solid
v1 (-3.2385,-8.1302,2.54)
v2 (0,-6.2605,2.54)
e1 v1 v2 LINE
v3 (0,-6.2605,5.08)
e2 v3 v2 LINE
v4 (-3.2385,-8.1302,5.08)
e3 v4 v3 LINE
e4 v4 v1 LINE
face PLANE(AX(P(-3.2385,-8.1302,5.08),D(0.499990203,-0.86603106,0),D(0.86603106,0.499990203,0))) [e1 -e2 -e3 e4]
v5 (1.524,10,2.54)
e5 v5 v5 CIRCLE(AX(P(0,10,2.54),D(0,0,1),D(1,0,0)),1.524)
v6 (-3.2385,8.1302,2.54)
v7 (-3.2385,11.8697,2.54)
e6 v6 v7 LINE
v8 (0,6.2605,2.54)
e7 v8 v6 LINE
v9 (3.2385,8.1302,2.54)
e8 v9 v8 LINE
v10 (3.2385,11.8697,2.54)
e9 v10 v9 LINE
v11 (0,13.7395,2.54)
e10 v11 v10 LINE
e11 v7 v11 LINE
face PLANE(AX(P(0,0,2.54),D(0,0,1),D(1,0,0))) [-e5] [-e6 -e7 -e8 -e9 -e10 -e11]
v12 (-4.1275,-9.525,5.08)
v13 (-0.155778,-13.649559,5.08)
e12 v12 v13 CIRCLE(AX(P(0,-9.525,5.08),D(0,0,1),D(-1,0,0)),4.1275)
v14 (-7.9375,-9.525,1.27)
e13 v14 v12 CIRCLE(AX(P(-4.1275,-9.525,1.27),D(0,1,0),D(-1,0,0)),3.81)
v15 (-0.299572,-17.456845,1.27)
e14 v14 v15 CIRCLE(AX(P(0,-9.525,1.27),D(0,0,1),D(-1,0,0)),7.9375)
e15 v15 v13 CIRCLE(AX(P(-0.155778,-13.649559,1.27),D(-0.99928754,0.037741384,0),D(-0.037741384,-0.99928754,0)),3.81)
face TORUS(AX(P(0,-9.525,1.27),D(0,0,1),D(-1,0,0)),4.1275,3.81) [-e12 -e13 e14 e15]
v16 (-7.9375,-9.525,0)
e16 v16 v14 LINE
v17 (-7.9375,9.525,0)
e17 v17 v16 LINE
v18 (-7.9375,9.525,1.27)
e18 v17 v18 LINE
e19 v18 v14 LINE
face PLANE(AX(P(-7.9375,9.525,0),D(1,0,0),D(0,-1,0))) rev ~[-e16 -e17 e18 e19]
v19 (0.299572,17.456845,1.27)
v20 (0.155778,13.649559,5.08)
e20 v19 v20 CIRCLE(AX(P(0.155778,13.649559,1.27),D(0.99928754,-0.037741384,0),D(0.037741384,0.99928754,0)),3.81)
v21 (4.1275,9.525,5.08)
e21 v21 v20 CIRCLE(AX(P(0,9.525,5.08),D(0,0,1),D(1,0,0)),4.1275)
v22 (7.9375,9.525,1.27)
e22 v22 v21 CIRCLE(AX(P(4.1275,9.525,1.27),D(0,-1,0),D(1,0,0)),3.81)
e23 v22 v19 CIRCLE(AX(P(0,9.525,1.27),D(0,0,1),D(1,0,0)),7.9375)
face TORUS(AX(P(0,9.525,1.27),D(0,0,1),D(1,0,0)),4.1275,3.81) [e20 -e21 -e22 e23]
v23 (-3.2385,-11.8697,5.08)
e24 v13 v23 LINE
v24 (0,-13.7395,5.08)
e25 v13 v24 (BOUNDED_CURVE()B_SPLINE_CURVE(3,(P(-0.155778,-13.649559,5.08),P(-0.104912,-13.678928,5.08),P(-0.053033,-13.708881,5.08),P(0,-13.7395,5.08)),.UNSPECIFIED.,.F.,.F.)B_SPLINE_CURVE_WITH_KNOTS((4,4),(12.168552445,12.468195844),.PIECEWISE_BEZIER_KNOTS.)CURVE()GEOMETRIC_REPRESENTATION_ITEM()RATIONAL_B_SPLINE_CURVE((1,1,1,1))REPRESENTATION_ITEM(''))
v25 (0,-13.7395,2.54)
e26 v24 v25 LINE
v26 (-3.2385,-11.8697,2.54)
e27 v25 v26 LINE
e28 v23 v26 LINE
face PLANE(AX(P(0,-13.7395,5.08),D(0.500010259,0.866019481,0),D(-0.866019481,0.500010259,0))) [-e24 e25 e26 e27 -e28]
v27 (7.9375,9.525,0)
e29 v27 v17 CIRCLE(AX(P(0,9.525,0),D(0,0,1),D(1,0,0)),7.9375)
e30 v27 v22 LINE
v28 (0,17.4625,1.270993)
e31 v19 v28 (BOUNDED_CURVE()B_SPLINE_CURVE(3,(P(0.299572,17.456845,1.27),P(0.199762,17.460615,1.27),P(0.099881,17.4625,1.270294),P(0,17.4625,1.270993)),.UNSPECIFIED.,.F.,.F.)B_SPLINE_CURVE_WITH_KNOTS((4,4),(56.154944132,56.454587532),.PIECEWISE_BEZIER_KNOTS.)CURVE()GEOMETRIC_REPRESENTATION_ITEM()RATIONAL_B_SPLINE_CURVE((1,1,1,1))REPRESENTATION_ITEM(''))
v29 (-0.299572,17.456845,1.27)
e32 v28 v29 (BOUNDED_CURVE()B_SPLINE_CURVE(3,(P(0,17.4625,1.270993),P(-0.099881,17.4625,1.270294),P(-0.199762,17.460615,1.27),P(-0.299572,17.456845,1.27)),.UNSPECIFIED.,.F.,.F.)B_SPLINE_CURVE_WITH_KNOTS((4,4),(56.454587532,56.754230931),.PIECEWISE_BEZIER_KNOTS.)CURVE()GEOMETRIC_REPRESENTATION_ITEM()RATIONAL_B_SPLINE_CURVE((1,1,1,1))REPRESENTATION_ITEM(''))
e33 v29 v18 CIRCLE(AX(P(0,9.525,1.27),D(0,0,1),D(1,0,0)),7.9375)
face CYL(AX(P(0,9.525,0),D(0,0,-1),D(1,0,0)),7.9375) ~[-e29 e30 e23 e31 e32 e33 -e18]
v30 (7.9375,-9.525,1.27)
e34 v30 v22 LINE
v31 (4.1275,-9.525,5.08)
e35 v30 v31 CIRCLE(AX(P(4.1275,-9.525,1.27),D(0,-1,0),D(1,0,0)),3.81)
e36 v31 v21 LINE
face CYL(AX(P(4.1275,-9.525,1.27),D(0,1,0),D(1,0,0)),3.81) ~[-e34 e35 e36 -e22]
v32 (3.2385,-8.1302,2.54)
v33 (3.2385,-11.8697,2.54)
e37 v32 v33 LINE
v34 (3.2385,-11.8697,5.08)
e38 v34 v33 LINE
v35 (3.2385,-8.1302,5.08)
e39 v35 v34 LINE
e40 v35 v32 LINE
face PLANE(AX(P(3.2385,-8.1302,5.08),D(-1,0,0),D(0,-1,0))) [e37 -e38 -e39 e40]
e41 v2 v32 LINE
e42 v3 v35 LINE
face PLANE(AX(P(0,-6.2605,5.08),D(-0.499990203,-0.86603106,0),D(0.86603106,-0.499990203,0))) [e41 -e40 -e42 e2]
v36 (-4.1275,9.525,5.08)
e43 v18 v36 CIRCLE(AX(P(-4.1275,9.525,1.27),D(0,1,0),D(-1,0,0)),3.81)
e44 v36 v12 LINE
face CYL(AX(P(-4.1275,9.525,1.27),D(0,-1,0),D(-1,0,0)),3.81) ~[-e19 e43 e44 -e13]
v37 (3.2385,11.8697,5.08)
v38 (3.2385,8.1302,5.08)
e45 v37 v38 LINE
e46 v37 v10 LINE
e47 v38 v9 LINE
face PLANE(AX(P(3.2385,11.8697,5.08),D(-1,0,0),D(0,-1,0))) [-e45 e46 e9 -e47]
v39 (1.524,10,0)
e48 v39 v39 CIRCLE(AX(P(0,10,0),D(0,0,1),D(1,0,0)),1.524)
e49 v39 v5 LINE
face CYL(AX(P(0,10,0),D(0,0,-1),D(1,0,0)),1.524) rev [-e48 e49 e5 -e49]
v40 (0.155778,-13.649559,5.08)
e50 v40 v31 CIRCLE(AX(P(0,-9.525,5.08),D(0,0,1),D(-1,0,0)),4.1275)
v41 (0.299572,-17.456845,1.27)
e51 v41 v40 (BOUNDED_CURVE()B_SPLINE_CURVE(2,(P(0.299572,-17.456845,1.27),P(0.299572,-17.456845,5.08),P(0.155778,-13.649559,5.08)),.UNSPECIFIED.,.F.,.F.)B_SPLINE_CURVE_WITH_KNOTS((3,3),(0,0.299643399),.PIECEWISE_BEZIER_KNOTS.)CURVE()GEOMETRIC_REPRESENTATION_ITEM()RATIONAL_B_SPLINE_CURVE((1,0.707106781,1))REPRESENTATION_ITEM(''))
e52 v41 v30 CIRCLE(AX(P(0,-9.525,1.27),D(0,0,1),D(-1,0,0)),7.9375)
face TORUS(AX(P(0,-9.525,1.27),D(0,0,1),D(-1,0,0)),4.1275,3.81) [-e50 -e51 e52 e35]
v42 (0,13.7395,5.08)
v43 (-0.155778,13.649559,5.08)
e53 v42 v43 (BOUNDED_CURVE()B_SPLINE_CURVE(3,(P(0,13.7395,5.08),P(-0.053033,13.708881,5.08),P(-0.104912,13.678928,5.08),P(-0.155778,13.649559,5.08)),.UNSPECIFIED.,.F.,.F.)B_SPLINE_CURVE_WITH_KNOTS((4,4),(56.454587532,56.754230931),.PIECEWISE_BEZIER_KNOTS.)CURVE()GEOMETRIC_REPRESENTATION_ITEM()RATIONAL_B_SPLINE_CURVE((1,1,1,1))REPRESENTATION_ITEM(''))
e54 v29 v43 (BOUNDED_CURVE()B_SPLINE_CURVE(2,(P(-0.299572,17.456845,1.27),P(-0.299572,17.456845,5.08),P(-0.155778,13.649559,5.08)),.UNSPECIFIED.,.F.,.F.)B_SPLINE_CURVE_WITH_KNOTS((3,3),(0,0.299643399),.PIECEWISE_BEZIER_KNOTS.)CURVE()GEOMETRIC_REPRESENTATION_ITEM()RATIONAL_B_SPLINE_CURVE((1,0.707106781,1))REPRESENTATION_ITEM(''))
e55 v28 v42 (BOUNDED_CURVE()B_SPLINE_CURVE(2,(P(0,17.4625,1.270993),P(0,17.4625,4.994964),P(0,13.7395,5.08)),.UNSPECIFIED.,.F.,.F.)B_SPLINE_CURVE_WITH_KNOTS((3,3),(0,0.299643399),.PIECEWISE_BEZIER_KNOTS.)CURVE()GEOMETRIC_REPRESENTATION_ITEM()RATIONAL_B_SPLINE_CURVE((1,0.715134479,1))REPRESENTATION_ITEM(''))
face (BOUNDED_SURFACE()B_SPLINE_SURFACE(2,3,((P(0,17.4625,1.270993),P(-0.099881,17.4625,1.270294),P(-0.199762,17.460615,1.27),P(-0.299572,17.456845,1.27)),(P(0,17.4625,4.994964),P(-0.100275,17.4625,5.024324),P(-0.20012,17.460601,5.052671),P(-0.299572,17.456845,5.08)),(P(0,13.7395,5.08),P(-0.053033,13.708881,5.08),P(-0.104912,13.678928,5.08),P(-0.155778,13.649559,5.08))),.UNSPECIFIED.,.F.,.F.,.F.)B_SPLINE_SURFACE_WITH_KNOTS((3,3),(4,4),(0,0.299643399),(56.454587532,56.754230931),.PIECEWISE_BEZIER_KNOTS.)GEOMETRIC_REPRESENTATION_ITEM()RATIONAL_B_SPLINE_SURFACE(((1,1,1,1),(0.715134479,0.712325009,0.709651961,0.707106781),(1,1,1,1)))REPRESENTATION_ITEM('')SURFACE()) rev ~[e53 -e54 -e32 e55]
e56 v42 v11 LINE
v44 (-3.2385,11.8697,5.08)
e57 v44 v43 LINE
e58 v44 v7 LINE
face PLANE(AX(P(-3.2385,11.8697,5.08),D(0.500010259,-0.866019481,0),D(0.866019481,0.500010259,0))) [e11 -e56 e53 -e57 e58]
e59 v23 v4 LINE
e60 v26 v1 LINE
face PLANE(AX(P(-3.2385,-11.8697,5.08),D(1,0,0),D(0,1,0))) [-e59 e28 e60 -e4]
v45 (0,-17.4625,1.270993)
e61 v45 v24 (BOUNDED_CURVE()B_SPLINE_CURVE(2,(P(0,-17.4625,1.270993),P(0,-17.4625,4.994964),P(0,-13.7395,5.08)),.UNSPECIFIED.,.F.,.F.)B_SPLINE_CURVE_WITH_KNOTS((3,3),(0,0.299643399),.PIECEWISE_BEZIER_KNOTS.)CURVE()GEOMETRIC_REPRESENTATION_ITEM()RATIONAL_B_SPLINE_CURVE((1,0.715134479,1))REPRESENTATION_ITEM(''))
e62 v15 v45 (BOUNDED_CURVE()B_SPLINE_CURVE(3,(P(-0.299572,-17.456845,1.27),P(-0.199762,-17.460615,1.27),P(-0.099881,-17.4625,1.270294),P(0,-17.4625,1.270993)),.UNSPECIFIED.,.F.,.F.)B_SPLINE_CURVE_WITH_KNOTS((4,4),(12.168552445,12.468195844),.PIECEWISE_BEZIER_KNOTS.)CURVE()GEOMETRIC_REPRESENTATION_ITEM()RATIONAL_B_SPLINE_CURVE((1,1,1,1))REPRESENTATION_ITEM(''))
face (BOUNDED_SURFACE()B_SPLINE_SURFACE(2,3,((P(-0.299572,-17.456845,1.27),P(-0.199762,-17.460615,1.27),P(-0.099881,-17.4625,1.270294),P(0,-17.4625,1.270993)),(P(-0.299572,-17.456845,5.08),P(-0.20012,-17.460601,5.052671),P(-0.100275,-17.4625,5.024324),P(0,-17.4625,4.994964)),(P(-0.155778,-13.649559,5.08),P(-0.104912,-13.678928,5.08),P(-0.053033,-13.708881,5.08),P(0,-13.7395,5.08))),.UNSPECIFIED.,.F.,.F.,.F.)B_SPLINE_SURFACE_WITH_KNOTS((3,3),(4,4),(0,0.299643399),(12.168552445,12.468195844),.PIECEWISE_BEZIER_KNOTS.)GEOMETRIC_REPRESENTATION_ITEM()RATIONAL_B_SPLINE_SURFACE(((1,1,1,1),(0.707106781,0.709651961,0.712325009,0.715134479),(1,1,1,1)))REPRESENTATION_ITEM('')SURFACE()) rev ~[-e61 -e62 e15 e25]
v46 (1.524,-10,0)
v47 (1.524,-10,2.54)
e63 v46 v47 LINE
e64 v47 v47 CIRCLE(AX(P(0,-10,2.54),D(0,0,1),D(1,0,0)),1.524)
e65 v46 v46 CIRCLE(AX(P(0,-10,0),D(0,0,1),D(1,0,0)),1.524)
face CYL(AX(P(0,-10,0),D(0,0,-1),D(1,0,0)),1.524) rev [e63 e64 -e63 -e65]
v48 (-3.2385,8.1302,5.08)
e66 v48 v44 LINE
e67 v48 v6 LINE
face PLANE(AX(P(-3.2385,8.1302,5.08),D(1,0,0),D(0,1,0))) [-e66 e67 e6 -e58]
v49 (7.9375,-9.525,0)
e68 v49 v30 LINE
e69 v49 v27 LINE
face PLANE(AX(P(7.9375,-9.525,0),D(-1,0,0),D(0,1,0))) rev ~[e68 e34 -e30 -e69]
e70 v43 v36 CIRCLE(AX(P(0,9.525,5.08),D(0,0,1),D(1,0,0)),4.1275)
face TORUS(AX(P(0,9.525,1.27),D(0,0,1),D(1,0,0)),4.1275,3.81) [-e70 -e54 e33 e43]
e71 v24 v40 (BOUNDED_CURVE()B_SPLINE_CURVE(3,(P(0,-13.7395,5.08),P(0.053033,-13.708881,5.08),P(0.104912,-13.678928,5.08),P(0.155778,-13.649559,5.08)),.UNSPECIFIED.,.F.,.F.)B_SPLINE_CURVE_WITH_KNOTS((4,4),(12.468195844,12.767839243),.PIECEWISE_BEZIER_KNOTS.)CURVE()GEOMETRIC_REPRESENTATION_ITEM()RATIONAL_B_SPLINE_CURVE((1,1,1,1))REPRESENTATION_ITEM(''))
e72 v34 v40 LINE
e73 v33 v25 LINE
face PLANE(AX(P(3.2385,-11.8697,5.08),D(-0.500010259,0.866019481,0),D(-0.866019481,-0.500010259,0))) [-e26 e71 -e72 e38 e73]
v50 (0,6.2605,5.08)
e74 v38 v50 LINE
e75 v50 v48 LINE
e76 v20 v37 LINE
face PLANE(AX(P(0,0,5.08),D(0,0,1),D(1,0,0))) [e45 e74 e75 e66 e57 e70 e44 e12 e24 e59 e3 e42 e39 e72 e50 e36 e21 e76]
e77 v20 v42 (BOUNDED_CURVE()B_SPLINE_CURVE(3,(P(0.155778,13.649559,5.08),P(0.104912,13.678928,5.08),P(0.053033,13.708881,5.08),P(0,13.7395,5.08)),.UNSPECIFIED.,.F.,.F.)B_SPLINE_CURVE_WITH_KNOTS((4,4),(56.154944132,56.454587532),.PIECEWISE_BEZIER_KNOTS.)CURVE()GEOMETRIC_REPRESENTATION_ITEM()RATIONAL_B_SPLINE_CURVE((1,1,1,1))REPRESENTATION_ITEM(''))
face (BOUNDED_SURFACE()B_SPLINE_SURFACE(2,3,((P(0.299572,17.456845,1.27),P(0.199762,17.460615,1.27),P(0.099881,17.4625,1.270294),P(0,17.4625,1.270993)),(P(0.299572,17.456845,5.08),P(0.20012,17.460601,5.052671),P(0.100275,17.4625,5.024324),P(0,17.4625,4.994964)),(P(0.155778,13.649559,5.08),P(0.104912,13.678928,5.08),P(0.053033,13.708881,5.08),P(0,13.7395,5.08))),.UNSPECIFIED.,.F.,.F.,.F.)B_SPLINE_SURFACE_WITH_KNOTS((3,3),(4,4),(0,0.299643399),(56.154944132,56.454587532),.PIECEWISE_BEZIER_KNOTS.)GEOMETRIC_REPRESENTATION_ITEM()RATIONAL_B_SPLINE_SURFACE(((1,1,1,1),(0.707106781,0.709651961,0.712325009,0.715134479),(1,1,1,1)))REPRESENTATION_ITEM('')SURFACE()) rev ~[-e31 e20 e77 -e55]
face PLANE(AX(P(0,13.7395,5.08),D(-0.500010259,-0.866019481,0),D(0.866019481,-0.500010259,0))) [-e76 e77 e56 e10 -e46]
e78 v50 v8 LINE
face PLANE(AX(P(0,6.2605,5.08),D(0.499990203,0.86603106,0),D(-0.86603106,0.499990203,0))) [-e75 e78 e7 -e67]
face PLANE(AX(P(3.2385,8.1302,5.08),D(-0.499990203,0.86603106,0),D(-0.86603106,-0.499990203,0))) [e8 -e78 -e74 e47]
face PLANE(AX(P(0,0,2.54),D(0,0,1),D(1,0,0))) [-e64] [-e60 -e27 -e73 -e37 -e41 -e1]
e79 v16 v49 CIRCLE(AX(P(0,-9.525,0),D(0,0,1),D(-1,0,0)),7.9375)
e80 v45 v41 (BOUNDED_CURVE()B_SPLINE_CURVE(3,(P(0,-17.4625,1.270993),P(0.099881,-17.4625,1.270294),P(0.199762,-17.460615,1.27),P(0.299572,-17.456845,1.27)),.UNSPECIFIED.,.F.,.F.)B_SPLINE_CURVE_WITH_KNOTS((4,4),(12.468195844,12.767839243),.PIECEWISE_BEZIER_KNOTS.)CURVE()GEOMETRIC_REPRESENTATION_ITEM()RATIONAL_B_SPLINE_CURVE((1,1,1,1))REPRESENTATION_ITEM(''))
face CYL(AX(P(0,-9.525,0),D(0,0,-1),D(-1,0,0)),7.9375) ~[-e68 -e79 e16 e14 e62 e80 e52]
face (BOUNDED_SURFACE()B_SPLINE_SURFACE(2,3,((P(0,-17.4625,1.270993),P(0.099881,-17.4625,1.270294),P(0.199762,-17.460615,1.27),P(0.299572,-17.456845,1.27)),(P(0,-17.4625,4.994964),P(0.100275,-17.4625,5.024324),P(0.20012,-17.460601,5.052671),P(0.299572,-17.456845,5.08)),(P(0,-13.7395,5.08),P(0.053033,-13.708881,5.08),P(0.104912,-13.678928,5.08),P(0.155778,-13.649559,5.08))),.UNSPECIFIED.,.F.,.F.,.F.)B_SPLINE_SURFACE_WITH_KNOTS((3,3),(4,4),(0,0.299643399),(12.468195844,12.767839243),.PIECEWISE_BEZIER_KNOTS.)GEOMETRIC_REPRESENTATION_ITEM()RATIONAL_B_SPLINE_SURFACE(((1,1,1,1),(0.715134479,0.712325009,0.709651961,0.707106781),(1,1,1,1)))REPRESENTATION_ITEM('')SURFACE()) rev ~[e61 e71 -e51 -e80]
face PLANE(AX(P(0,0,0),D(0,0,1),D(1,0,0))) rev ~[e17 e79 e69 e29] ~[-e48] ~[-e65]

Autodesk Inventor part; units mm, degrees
ref_plane "YZ Plane" through (0, 0, 0) normal (1, 0, 0) x (0, 1, 0)
ref_plane "XZ Plane" through (0, 0, 0) normal (0, 1, 0) x (-1, 0, 0)
ref_plane "XY Plane" through (0, 0, 0) normal (0, 0, 1) x (1, 0, 0)
sketch "Sketch1" plane through (0, 0, 0) normal (0, 0, 1) x (1, 0, 0)
  line L0 (0, -9.525) -> (0, 9.525) construction
  line L1 (7.9375, -9.525) -> (7.9375, 9.525)
  line L2 (-7.9375, 9.525) -> (-7.9375, -9.525)
  arc A0 (-7.9375, -9.525) -> (7.9375, -9.525) centre (0, -9.525) ccw
  arc A1 (7.9375, 9.525) -> (-7.9375, 9.525) centre (0, 9.525) ccw
  circle A2 centre (0, 10) radius 1.524
  circle A3 centre (0, -10) radius 1.524
  point P0 (0, 0)
  dimension "d0" = 15.875
  dimension "d1" = 3.048
  dimension "d2" = 3.048
  dimension "d3" = 20
  dimension "d4" = 10
  dimension "d5" = 9.525
extrude "Extrusion1" add sketch "Sketch1" along normal blind 5.08
sketch "Sketch2" plane through (0, 0, 5.08) normal (0, 0, 1) x (1, 0, 0)
  circle A0 centre (0, 10) radius 1.524 projected
  circle A1 centre (0, -10) radius 1.524 projected
  line L0 (0, 13.7395) -> (3.2385, 11.8697)
  line L1 (3.2385, 11.8697) -> (3.2385, 8.1302)
  line L2 (3.2385, 8.1302) -> (0, 6.2605)
  line L3 (0, 6.2605) -> (-3.2385, 8.1302)
  line L4 (-3.2385, 8.1302) -> (-3.2385, 11.8697)
  line L5 (-3.2385, 11.8697) -> (0, 13.7395)
  line L6 (0, -6.2605) -> (3.2385, -8.1302)
  line L7 (3.2385, -8.1302) -> (3.2385, -11.8697)
  line L8 (3.2385, -11.8697) -> (0, -13.7395)
  line L9 (0, -13.7395) -> (-3.2385, -11.8697)
  line L10 (-3.2385, -11.8697) -> (-3.2385, -8.1302)
  line L11 (-3.2385, -8.1302) -> (0, -6.2605)
  point P0 (0, 0)
  dimension "d8" = 6.477
extrude "Extrusion2" cut sketch "Sketch2" against normal blind 2.54
fillet "Fillet1" radius 3.81 4 edges at (0, -17.4625, 5.08) (7.9375, 0, 5.08) (0, 17.4625, 5.08) (-7.9375, 0, 5.08)
equation "\"d4\" = 0.5 * d3"
